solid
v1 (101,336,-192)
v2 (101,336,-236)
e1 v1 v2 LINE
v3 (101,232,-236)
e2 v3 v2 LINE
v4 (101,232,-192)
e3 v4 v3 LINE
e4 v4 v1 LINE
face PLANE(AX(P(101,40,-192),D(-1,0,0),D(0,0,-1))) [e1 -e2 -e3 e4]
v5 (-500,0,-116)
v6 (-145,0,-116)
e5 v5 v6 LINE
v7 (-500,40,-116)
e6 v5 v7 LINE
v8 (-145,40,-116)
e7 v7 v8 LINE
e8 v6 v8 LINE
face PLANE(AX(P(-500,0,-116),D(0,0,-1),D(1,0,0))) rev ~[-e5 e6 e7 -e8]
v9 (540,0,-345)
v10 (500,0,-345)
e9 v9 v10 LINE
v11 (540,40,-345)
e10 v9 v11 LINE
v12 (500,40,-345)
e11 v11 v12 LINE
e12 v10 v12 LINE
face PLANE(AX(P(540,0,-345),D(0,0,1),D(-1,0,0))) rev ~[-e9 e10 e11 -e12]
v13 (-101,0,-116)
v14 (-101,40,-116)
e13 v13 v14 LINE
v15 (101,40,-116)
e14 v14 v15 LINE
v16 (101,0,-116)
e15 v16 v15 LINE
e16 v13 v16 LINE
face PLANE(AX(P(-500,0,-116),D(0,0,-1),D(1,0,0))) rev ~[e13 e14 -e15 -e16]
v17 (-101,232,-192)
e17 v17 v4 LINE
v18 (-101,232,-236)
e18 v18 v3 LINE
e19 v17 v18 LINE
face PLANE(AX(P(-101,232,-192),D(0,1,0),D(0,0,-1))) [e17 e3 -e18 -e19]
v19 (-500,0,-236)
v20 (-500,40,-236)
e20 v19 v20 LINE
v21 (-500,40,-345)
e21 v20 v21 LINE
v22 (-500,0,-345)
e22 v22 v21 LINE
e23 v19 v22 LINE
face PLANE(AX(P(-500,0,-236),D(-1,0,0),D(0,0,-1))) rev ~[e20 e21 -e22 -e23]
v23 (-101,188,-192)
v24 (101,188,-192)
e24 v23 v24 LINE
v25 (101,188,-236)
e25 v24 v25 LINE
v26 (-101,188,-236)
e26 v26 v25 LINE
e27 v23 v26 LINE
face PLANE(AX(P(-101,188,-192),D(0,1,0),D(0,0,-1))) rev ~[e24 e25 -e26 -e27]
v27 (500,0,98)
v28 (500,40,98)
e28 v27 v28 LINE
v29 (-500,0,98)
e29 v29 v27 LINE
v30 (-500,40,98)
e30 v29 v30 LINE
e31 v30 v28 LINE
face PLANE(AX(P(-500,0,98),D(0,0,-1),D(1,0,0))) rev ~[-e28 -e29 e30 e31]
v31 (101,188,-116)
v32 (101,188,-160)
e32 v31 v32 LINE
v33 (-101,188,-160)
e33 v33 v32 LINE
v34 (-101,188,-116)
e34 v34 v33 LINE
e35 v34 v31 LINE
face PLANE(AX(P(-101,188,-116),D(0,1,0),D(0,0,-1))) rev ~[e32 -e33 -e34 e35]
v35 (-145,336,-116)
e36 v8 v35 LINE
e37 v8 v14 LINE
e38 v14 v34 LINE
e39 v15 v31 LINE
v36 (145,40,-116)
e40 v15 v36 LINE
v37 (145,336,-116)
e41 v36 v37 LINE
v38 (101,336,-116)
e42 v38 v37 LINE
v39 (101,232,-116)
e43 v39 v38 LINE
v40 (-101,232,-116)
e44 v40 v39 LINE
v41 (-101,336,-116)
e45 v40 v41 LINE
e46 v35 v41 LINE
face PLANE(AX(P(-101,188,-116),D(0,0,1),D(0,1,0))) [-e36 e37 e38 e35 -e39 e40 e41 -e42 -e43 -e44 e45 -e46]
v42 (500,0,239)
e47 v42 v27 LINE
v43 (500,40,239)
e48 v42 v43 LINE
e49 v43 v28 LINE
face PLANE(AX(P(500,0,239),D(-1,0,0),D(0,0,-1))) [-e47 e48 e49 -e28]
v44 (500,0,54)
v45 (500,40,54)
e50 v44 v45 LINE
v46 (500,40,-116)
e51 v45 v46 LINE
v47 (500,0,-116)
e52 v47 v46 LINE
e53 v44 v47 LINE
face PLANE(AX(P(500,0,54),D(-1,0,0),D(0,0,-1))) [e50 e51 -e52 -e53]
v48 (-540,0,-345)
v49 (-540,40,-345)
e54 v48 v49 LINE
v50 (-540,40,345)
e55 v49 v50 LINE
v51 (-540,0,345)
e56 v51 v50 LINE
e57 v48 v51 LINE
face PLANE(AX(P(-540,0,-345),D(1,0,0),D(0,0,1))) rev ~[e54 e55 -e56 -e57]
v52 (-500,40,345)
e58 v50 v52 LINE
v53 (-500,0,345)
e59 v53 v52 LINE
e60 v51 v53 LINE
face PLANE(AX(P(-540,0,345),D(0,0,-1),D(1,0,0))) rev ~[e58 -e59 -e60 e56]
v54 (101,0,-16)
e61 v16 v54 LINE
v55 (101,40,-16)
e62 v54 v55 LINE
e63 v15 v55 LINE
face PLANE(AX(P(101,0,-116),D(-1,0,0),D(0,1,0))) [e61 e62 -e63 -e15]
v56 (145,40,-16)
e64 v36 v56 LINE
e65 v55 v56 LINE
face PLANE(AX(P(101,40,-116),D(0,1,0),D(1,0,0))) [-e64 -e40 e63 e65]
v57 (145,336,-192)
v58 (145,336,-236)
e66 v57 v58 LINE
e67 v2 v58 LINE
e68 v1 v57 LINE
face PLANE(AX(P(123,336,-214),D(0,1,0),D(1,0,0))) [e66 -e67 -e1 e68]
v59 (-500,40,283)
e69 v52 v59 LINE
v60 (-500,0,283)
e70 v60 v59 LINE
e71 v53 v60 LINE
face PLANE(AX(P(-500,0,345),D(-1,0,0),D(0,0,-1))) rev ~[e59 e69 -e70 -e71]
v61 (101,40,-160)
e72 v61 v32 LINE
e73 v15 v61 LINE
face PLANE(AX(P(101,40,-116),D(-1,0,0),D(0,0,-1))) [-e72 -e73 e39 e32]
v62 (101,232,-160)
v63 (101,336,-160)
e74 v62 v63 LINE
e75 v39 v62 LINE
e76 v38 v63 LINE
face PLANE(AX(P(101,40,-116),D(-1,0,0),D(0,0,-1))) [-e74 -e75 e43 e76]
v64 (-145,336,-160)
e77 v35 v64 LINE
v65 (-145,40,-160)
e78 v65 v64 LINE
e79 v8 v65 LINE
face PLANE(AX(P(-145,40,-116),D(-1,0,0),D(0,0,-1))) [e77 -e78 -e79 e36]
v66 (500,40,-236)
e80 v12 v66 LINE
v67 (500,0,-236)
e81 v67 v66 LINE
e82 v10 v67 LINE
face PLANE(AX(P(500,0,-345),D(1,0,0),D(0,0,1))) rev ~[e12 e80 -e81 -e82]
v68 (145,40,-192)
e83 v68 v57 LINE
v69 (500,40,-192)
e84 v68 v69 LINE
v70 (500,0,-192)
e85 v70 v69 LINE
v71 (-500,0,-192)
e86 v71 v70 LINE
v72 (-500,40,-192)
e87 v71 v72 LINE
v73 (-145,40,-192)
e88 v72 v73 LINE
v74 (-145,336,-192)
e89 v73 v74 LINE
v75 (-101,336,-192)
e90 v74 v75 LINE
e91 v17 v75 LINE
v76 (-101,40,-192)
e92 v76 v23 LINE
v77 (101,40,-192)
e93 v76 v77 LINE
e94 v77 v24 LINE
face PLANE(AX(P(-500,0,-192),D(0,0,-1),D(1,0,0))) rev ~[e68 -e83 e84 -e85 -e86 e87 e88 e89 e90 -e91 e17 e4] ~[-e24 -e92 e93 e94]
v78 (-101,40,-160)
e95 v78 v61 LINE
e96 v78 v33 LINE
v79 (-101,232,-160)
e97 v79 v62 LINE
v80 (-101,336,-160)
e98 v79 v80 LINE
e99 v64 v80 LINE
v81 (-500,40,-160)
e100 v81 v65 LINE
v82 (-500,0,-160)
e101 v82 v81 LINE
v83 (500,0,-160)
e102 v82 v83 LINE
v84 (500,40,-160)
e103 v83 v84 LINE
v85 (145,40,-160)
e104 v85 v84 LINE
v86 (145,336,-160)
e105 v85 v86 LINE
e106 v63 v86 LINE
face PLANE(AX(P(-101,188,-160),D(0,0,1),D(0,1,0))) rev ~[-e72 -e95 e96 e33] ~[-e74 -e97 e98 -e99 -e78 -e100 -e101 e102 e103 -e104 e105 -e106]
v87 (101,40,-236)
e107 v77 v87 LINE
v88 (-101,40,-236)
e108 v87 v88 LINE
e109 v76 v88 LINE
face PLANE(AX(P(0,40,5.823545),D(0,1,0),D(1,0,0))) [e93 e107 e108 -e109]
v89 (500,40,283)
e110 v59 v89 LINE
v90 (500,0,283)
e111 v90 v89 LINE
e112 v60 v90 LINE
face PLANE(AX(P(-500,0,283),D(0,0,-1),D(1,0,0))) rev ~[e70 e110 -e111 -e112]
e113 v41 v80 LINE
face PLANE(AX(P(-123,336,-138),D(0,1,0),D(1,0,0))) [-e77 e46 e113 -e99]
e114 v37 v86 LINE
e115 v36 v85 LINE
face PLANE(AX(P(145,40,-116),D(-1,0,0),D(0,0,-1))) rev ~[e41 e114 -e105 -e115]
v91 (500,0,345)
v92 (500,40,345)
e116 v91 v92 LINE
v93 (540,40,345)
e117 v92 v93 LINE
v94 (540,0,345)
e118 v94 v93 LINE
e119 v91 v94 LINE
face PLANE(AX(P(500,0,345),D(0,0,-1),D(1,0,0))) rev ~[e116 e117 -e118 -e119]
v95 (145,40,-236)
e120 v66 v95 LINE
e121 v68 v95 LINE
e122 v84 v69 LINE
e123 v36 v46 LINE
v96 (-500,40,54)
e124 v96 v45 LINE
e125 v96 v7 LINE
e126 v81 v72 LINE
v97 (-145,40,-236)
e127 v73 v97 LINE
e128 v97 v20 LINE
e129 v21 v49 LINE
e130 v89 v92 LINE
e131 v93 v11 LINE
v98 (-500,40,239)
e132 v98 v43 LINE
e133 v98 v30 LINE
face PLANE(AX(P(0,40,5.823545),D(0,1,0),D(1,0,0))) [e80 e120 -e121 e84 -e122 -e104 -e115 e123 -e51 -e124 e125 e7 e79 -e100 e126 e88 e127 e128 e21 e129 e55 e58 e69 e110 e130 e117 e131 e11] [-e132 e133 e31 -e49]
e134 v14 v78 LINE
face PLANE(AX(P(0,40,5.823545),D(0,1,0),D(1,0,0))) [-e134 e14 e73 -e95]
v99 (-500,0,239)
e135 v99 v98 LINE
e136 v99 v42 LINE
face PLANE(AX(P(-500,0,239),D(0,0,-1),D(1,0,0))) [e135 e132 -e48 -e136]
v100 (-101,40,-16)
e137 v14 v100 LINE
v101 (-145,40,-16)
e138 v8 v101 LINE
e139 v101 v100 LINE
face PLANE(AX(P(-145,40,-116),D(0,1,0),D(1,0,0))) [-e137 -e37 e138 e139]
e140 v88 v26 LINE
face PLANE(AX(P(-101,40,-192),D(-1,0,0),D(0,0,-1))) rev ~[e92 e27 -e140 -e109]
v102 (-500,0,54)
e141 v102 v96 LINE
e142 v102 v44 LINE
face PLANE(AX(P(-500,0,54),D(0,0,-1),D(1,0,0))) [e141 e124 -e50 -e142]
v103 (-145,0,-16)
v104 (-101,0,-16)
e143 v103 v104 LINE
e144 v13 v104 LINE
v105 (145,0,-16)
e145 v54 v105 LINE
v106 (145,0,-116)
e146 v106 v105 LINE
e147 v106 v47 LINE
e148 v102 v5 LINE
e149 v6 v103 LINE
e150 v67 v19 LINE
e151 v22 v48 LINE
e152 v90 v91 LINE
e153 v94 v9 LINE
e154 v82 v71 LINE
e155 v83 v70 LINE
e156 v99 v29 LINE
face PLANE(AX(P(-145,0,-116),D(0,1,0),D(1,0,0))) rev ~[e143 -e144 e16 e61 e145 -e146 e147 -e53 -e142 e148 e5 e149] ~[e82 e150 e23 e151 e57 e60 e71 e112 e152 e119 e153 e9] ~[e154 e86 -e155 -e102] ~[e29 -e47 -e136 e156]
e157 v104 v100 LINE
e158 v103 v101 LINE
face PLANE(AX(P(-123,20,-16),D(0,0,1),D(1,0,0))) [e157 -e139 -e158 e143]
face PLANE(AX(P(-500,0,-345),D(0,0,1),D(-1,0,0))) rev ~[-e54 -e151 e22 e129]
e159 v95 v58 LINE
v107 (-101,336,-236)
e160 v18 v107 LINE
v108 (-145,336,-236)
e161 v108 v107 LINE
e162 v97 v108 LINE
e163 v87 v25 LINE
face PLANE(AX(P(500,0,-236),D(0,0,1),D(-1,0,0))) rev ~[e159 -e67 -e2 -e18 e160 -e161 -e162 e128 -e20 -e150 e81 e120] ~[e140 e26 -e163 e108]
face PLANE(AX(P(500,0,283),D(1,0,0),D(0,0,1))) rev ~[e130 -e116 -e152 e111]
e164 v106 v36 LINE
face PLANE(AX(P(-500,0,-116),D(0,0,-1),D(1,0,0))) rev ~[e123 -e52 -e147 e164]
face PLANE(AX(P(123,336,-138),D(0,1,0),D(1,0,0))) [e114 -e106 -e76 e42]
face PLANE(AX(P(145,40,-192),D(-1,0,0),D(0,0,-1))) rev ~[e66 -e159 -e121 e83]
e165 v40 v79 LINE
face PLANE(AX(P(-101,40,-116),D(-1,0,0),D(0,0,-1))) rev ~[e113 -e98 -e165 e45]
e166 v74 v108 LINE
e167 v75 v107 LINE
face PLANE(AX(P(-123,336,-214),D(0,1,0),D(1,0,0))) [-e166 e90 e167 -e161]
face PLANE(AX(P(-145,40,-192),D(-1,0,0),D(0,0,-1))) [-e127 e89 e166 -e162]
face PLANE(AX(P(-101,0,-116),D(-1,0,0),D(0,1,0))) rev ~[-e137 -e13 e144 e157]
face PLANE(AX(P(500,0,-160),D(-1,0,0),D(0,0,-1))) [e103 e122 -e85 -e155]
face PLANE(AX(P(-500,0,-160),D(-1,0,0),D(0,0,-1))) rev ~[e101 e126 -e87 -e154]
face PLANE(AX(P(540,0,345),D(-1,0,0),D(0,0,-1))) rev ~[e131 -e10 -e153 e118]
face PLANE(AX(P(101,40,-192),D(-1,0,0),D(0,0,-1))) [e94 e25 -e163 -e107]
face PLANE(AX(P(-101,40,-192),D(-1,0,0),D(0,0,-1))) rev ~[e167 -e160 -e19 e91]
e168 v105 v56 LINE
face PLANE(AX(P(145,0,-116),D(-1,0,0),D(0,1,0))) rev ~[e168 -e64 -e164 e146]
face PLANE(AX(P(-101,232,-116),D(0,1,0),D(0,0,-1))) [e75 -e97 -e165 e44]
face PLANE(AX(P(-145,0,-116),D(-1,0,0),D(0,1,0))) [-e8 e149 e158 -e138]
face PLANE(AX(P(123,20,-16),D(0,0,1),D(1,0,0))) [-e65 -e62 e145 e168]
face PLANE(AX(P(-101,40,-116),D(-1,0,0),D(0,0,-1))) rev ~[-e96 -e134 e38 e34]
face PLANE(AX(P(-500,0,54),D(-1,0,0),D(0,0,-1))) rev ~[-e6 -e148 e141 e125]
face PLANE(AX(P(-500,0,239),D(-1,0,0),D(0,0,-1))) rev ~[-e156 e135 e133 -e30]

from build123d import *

# Parameters (mm, degrees)
SKETCH1_W           = 1000
SKETCH1_H           = 141
SKETCH1_H_2         = 170
SKETCH1_H_3         = 32
BOSS_EXTRUDE1_DEPTH = 40
SKETCH2_W           = 44
SKETCH2_H           = 44
BOSS_EXTRUDE2_DEPTH = 296
SKETCH3_W           = 44
SKETCH3_H           = 40
BOSS_EXTRUDE3_DEPTH = 100
SKETCH4_W           = 44
SKETCH4_H           = 44
BOSS_EXTRUDE4_DEPTH = 209


with BuildPart() as part:
    # Sketch1 → Boss-Extrude1 (new body)
    with BuildSketch(Plane(origin=(0, 0, 0), x_dir=(1, 0, 0), z_dir=(0, 1, 0))):
        Polygon((-500, 236), (-500, 345), (-540, 345), (-540, -345), (-500, -345), (-500, -283), (500, -283), (500, -345), (540, -345), (540, 345), (500, 345), (500, 236), align=None)
        with Locations((0, -168.5)):
            Rectangle(SKETCH1_W, SKETCH1_H, mode=Mode.SUBTRACT)
        with Locations((0, 31)):
            Rectangle(SKETCH1_W, SKETCH1_H_2, mode=Mode.SUBTRACT)
        with Locations((0, 176)):
            Rectangle(SKETCH1_W, SKETCH1_H_3, mode=Mode.SUBTRACT)
    extrude(amount=BOSS_EXTRUDE1_DEPTH)

    # Sketch2 → Boss-Extrude2 (add)
    with BuildSketch(Plane(origin=(0, 40, 0), x_dir=(1, 0, 0), z_dir=(0, 1, 0))):
        with Locations((-123, 214)):
            Rectangle(SKETCH2_W, SKETCH2_H)
        with Locations((123, 214)):
            Rectangle(SKETCH2_W, SKETCH2_H)
        with Locations((-123, 138)):
            Rectangle(SKETCH2_W, SKETCH2_H)
        with Locations((123, 138)):
            Rectangle(SKETCH2_W, SKETCH2_H)
    extrude(amount=BOSS_EXTRUDE2_DEPTH)

    # Sketch3 → Boss-Extrude3 (add)
    with BuildSketch(Plane.XY.offset(-116)):
        with Locations((-123, 20)):
            Rectangle(SKETCH3_W, SKETCH3_H)
        with Locations((123, 20)):
            Rectangle(SKETCH3_W, SKETCH3_H)
    extrude(amount=BOSS_EXTRUDE3_DEPTH)

    # Sketch4 → Boss-Extrude4 (add)
    with BuildSketch(Plane(origin=(-101, 0, 0), x_dir=(0, 0, -1), z_dir=(1, 0, 0))):
        with Locations((138, 210)):
            Rectangle(SKETCH4_W, SKETCH4_H)
        with Locations((214, 210)):
            Rectangle(SKETCH4_W, SKETCH4_H)
    extrude(amount=BOSS_EXTRUDE4_DEPTH)


solid = part.part
